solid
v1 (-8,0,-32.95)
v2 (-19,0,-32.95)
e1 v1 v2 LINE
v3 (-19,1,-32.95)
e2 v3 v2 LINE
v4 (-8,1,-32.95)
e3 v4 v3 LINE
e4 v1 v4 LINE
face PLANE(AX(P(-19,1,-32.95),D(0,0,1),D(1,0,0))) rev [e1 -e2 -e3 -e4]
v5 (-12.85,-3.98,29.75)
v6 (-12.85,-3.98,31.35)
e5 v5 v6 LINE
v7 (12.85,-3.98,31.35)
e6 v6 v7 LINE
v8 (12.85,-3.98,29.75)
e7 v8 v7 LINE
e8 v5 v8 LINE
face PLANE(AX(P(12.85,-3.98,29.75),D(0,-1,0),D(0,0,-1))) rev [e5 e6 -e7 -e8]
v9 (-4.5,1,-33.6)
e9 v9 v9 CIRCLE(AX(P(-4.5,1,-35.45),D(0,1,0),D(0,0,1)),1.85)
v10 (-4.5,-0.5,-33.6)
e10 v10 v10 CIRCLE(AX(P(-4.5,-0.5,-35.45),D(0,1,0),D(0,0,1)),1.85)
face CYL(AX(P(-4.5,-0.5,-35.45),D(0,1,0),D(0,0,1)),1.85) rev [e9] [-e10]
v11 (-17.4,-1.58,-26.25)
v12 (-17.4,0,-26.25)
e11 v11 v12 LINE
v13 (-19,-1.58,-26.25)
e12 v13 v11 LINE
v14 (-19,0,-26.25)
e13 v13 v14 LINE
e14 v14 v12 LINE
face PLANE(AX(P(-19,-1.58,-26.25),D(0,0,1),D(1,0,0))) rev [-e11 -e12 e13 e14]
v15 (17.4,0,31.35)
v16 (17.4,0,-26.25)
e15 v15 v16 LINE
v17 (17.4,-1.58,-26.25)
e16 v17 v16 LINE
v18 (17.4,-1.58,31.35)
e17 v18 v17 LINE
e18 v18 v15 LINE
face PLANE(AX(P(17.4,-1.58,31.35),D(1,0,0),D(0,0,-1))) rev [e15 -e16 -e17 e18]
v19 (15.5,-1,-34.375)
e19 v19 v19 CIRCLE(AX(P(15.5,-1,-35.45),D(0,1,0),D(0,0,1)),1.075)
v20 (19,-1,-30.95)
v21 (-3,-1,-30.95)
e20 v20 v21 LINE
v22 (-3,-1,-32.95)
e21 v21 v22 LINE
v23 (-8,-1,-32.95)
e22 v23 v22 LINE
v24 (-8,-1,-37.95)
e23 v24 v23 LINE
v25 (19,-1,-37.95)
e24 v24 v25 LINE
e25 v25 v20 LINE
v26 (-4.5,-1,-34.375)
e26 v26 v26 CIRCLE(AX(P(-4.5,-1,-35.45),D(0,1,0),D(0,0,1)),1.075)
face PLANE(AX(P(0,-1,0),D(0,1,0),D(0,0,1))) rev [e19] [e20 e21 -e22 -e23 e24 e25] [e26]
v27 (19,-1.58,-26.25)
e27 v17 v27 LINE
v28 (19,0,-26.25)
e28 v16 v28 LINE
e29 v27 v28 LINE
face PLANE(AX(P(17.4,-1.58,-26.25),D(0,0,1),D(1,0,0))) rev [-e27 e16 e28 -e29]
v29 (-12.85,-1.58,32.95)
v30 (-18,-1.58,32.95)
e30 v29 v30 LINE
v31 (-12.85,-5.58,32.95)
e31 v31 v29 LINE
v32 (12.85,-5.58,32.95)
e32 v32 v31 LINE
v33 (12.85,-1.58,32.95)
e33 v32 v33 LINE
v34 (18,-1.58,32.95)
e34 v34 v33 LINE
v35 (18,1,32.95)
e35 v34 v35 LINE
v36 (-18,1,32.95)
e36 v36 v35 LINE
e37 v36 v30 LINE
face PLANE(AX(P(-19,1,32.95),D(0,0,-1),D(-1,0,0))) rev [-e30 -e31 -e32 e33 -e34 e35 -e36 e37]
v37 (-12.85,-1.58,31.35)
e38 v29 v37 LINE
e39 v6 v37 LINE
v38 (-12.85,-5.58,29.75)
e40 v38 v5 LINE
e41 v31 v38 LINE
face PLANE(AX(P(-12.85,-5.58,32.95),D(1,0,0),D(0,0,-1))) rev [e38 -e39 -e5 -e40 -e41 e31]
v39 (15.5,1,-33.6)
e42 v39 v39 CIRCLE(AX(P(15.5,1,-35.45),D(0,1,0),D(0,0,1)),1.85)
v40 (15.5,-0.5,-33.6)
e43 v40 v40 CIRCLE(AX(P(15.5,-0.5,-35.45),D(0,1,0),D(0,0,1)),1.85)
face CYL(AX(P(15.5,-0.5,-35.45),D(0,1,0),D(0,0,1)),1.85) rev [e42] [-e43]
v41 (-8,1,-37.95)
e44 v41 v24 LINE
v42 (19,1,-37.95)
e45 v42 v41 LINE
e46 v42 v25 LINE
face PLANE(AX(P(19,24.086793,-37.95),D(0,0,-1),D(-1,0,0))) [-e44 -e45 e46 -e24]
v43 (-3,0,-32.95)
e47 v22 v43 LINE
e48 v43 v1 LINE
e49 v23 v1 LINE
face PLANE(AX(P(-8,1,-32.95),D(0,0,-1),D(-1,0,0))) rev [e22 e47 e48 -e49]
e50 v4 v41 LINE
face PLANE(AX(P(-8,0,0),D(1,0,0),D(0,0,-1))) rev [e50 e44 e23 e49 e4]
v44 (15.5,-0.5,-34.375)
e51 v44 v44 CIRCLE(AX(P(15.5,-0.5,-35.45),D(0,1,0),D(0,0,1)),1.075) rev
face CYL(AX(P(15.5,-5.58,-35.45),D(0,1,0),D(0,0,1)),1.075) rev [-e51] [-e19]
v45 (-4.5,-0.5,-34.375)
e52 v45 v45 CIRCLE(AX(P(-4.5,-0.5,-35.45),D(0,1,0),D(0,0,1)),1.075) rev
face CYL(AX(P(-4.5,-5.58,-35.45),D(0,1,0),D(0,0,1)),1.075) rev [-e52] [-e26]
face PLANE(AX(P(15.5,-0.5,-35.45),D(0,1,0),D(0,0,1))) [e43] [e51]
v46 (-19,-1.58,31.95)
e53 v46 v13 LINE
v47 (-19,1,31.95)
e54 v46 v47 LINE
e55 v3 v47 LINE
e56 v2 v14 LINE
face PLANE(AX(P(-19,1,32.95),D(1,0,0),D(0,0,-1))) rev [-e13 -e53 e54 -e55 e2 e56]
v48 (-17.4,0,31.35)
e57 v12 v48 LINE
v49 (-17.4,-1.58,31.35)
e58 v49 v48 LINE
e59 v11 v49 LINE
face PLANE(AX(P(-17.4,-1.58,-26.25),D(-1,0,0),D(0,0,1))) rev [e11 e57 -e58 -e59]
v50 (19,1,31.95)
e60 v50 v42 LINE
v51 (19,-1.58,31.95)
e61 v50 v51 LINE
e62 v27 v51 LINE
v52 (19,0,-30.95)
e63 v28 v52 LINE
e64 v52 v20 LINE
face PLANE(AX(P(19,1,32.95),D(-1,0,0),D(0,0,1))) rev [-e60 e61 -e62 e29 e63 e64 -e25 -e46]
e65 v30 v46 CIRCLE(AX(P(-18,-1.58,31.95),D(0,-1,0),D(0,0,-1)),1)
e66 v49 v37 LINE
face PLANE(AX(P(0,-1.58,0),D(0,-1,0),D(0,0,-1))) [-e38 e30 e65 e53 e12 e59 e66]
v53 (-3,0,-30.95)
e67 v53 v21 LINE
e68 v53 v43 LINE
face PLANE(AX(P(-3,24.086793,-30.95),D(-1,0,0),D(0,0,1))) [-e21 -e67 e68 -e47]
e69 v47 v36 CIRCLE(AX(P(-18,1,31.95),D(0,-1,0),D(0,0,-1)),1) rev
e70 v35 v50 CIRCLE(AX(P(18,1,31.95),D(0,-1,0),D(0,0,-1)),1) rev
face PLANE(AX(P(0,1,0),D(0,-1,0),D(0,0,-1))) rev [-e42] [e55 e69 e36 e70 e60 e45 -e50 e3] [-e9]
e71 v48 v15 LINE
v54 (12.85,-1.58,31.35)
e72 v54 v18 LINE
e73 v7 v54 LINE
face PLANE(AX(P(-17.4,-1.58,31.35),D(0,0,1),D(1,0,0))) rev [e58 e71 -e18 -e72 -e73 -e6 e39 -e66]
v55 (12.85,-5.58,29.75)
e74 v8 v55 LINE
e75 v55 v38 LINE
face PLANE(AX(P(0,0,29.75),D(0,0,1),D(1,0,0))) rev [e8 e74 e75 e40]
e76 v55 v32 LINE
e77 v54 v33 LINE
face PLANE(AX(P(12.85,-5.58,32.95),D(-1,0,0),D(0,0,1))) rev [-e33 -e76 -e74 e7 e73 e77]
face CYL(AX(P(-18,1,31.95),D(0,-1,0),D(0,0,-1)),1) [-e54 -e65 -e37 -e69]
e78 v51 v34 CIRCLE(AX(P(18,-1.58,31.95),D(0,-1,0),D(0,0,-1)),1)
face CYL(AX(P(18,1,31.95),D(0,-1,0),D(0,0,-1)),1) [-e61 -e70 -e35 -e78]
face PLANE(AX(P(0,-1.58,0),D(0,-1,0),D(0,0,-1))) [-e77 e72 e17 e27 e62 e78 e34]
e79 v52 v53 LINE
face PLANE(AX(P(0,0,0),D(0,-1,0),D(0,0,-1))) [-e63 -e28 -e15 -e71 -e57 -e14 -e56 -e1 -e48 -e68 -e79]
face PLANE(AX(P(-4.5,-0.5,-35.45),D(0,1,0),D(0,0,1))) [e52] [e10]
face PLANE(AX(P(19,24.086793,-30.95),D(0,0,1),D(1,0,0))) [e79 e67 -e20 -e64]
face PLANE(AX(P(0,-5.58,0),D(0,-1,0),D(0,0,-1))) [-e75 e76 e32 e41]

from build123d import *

# Parameters (mm, degrees)
SKETCH1_W                = 38
SKETCH1_H                = 65.9
BOSS_EXTRUDE1_DEPTH      = 1
BOSS_EXTRUDE2_DEPTH      = 1.58
SKETCH3_W                = 25.7
SKETCH3_H                = 1.6
BOSS_EXTRUDE3_DEPTH      = 4
SKETCH4_W                = 25.7
SKETCH4_H                = 1.6
BOSS_EXTRUDE4_DEPTH      = 1.6
FILLET1_R                = 1
SKETCH6_W                = 22
SKETCH6_H                = 7
BOSS_EXTRUDE5_DEPTH      = 1
BOSS_EXTRUDE5_DEPTH_BACK = 1
SKETCH9_W                = 5
SKETCH9_H                = 2
BOSS_EXTRUDE6_DEPTH      = 5
SKETCH7_R                = 1.075
CUT_EXTRUDE2_DEPTH       = 7.58
SKETCH8_R                = 1.85
CUT_EXTRUDE3_DEPTH       = 1.5


with BuildPart() as part:
    # Sketch1 → Boss-Extrude1 (new body)
    with BuildSketch(Plane(origin=(0, 0, 0), x_dir=(1, 0, 0), z_dir=(0, 1, 0))):
        Rectangle(SKETCH1_W, SKETCH1_H)
    extrude(amount=BOSS_EXTRUDE1_DEPTH)

    # Sketch2 → Boss-Extrude2 (add)
    with BuildSketch(Plane.XZ):
        Polygon((-19, 32.95), (-19, -26.25), (-17.4, -26.25), (-17.4, 31.35), (17.4, 31.35), (17.4, -26.25), (19, -26.25), (19, 32.95), align=None)
    extrude(amount=BOSS_EXTRUDE2_DEPTH)

    # Sketch3 → Boss-Extrude3 (add)
    with BuildSketch(Plane.XZ.offset(1.58)):
        with Locations((0, 32.15)):
            Rectangle(SKETCH3_W, SKETCH3_H)
    extrude(amount=BOSS_EXTRUDE3_DEPTH)

    # Sketch4 → Boss-Extrude4 (add)
    with BuildSketch(Plane(origin=(0, 0, 31.35), x_dir=(-1, 0, 0), z_dir=(0, 0, -1))):
        with Locations((0, -4.78)):
            Rectangle(SKETCH4_W, SKETCH4_H)
    extrude(amount=BOSS_EXTRUDE4_DEPTH)

    # Fillet1
    fillet1_edges = [part.edges().sort_by_distance(p)[0] for p in [
        (19, -0.29, 32.95),
        (-19, -0.29, 32.95),
    ]]
    fillet(fillet1_edges, radius=FILLET1_R)

    # Sketch6 → Boss-Extrude5 (add, two sides)
    with BuildSketch(Plane.XZ) as boss_extrude5_sk:
        with Locations((8, -34.45)):
            Rectangle(SKETCH6_W, SKETCH6_H)
    extrude(amount=BOSS_EXTRUDE5_DEPTH)
    extrude(boss_extrude5_sk.sketch, amount=-BOSS_EXTRUDE5_DEPTH_BACK)

    # Sketch9 → Boss-Extrude6 (add)
    with BuildSketch(Plane.ZY.offset(3)):
        with Locations((-35.45, 0)):
            Rectangle(SKETCH9_W, SKETCH9_H)
    extrude(amount=BOSS_EXTRUDE6_DEPTH)

    # Sketch7 → Cut-Extrude2 (cut, through all)
    with BuildSketch(Plane(origin=(0, 1, 0), x_dir=(1, 0, 0), z_dir=(0, 1, 0))):
        with Locations((-4.5, 35.45)):
            Circle(SKETCH7_R)
        with Locations((15.5, 35.45)):
            Circle(SKETCH7_R)
    extrude(amount=-CUT_EXTRUDE2_DEPTH, mode=Mode.SUBTRACT)

    # Sketch8 → Cut-Extrude3 (cut)
    with BuildSketch(Plane(origin=(0, 1, 0), x_dir=(1, 0, 0), z_dir=(0, 1, 0))):
        with Locations((-4.5, 35.45)):
            Circle(SKETCH8_R)
        with Locations((15.5, 35.45)):
            Circle(SKETCH8_R)
    extrude(amount=-CUT_EXTRUDE3_DEPTH, mode=Mode.SUBTRACT)


solid = part.part
